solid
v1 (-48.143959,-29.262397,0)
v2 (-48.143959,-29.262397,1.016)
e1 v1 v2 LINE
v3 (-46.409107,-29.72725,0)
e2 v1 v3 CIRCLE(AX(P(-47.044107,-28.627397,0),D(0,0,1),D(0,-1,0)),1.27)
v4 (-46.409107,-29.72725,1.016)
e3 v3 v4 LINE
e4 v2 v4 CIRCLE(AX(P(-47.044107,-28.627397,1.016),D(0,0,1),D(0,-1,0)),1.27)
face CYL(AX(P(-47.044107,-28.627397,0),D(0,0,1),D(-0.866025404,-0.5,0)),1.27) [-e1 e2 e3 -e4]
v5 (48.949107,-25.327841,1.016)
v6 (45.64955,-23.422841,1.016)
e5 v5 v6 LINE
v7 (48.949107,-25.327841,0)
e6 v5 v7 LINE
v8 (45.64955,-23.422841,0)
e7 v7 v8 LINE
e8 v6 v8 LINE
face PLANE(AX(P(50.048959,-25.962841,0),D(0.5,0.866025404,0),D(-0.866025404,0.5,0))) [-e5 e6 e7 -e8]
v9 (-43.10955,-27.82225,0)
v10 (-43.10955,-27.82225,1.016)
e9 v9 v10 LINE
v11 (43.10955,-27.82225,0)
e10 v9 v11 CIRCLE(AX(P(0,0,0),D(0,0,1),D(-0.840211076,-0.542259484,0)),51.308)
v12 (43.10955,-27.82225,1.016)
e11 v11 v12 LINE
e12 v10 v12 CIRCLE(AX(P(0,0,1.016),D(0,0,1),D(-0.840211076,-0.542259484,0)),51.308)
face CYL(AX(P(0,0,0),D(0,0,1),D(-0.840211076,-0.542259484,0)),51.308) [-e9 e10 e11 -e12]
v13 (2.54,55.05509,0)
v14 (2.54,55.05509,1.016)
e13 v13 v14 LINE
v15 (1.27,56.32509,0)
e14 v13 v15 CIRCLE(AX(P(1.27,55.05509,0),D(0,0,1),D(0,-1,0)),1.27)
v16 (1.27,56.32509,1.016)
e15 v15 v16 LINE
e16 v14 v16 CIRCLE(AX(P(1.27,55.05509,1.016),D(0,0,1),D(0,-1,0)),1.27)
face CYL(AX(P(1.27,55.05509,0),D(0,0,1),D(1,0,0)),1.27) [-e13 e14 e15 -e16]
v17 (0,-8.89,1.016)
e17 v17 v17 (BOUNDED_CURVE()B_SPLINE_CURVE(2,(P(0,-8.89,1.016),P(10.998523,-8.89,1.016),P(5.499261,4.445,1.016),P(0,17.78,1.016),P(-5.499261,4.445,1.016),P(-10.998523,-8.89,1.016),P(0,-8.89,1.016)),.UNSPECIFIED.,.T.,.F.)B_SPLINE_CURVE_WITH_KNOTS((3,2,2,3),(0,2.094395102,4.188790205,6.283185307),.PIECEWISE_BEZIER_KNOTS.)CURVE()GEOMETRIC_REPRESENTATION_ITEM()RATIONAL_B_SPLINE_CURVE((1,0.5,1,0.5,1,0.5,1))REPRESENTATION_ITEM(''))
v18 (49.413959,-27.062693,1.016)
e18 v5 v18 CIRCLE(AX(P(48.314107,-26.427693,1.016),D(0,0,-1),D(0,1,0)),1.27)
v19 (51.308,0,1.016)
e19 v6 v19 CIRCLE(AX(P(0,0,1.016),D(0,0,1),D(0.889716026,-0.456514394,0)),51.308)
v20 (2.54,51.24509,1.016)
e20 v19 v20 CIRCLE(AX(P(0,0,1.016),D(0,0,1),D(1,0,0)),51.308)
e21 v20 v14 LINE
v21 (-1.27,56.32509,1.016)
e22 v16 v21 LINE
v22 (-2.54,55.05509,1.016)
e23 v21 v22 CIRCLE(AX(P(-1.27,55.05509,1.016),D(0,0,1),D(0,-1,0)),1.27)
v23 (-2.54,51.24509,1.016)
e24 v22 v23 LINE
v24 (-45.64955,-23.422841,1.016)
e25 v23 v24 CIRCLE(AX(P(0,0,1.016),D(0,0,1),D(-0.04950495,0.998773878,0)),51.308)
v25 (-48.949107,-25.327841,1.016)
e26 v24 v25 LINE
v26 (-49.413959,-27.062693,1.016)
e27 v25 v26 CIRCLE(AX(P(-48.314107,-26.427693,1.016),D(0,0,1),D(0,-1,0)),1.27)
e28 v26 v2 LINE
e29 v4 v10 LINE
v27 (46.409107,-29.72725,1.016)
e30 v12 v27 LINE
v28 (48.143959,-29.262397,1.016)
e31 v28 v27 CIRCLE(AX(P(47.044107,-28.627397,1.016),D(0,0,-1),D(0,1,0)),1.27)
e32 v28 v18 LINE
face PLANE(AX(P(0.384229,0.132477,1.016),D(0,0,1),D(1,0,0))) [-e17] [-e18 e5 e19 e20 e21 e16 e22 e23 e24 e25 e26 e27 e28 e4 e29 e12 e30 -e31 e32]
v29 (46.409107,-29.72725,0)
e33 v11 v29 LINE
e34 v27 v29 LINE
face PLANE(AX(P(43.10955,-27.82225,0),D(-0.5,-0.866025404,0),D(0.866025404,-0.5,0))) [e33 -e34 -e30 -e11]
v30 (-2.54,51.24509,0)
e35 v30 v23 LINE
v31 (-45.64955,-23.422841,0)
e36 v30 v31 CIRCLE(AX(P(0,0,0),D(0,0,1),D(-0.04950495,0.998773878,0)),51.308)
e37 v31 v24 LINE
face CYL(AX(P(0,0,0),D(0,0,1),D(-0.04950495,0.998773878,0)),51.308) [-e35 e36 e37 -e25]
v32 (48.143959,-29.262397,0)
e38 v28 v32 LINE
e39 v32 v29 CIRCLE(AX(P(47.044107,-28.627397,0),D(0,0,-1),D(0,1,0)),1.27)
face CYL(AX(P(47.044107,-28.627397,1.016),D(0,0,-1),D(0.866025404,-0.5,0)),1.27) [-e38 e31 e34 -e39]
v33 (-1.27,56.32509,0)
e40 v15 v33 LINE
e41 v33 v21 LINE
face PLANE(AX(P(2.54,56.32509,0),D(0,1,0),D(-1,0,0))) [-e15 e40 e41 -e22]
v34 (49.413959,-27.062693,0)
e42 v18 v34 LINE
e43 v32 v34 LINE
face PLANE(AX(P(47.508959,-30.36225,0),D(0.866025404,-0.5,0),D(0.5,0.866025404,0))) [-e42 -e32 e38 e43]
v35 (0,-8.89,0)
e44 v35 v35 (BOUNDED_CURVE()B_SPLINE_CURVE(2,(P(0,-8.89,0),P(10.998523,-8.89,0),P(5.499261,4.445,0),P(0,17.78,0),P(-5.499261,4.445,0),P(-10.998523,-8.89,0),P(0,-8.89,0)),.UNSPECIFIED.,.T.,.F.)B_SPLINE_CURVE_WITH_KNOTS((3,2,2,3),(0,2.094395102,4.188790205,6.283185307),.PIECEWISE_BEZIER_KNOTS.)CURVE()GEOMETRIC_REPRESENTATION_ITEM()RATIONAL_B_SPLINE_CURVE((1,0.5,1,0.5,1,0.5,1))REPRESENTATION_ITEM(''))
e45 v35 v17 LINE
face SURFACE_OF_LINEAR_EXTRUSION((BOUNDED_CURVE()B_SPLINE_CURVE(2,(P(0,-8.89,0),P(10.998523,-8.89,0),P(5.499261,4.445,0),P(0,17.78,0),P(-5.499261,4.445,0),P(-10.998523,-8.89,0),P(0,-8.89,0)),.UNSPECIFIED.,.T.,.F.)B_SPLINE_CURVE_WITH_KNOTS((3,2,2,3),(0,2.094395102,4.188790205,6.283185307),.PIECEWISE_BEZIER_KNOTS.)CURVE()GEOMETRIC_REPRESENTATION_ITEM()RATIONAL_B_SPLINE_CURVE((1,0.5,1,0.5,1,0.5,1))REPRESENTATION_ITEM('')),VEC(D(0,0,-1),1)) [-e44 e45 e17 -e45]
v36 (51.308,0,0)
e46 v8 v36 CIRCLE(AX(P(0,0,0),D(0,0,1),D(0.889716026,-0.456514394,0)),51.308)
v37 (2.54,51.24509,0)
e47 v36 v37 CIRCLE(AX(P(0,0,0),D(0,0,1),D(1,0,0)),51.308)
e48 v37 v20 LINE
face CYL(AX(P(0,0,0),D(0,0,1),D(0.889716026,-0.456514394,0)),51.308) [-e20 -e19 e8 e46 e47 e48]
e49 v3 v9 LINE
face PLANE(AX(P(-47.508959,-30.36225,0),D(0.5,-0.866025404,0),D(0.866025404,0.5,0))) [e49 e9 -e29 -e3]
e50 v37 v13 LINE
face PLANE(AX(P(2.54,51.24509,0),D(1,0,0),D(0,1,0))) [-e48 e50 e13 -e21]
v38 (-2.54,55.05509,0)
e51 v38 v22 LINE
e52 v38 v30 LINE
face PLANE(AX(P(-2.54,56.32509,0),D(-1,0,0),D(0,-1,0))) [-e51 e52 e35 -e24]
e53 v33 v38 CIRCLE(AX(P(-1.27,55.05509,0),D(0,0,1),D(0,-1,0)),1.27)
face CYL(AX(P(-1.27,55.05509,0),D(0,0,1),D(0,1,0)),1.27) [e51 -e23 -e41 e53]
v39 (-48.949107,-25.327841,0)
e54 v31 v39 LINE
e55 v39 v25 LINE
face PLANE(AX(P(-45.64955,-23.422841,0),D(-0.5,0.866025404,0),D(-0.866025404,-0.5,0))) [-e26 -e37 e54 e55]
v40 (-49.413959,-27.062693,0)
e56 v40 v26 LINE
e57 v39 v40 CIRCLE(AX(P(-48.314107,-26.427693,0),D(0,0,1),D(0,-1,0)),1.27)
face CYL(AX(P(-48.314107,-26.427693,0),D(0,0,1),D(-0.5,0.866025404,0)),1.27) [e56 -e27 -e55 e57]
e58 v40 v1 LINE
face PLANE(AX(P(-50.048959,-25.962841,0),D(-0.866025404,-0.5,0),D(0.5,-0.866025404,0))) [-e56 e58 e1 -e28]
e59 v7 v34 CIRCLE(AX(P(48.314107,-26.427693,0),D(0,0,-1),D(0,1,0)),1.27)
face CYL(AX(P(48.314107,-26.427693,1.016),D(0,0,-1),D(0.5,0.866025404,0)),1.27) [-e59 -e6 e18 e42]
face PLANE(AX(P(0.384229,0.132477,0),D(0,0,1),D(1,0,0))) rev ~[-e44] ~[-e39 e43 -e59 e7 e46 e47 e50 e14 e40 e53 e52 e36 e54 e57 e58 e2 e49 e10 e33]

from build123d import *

# Parameters (mm, degrees)
F1_DEPTH = 1.016
F2_DEPTH = 1.0170001
F3_R     = 1.27


with BuildPart() as f1:
    # F0 (on Top) → F1 (new body, symmetric)
    with BuildSketch(Plane.XY):
        with BuildLine():
            ThreePointArc((45.6495498851, -23.422840547), (49.8733293931, -12.0483143738), (51.308, 0))
            ThreePointArc((51.308, 0), (37.1674130388, 35.370811017), (2.54, 51.2450901453))
            Line((2.54, 51.2450901453), (-2.54, 51.2450901453))
            ThreePointArc((-2.54, 51.2450901453), (-44.4340314174, 25.654), (-45.6495498851, -23.422840547))
            Line((-45.6495498851, -23.422840547), (-43.1095498851, -27.8222495983))
            ThreePointArc((-43.1095498851, -27.8222495983), (0, -51.308), (43.1095498851, -27.8222495983))
            Line((43.1095498851, -27.8222495983), (45.6495498851, -23.422840547))
        make_face()
        with BuildLine():
            add(Edge.make_bspline(
                [(0, -8.89), (10.9985226281, -8.89), (5.499261314, 4.445), (0, 17.78), (-5.499261314, 4.445), (-10.9985226281, -8.89), (0, -8.89)],
                knots=[0, 0, 0, 2.0943951024, 2.0943951024, 4.1887902048, 4.1887902048, 6.2831853072, 6.2831853072, 6.2831853072], degree=2, weights=[1, 0.5, 1, 0.5, 1, 0.5, 1]))
        make_face(mode=Mode.SUBTRACT)
        with BuildLine():
            Line((-2.54, 51.2450901453), (2.54, 51.2450901453))
            ThreePointArc((2.54, 51.2450901453), (0, 51.308), (-2.54, 51.2450901453))
        make_face()
        with BuildLine():
            ThreePointArc((-2.54, 51.2450901453), (0, 51.308), (2.54, 51.2450901453))
            Line((2.54, 51.2450901453), (2.54, 56.3250901453))
            Line((2.54, 56.3250901453), (-2.54, 56.3250901453))
            Line((-2.54, 56.3250901453), (-2.54, 51.2450901453))
        make_face()
        with BuildLine():
            Line((50.0489589363, -25.962840547), (45.6495498851, -23.422840547))
            ThreePointArc((45.6495498851, -23.422840547), (44.4340314174, -25.654), (43.1095498851, -27.8222495983))
            Line((43.1095498851, -27.8222495983), (47.5089589363, -30.3622495983))
            Line((47.5089589363, -30.3622495983), (50.0489589363, -25.962840547))
        make_face()
        with BuildLine():
            ThreePointArc((43.1095498851, -27.8222495983), (44.4340314174, -25.654), (45.6495498851, -23.422840547))
            Line((45.6495498851, -23.422840547), (43.1095498851, -27.8222495983))
        make_face()
        with BuildLine():
            Line((-43.1095498851, -27.8222495983), (-45.6495498851, -23.422840547))
            ThreePointArc((-45.6495498851, -23.422840547), (-44.4340314174, -25.654), (-43.1095498851, -27.8222495983))
        make_face()
        with BuildLine():
            ThreePointArc((-43.1095498851, -27.8222495983), (-44.4340314174, -25.654), (-45.6495498851, -23.422840547))
            Line((-45.6495498851, -23.422840547), (-50.0489589363, -25.962840547))
            Line((-50.0489589363, -25.962840547), (-47.5089589363, -30.3622495983))
            Line((-47.5089589363, -30.3622495983), (-43.1095498851, -27.8222495983))
        make_face()
    extrude(amount=F1_DEPTH, both=True)

    # F0 (on Top) → F2 (cut, through all)
    with BuildSketch(Plane.XY):
        with BuildLine():
            ThreePointArc((45.6495498851, -23.422840547), (49.8733293931, -12.0483143738), (51.308, 0))
            ThreePointArc((51.308, 0), (37.1674130388, 35.370811017), (2.54, 51.2450901453))
            Line((2.54, 51.2450901453), (-2.54, 51.2450901453))
            ThreePointArc((-2.54, 51.2450901453), (-44.4340314174, 25.654), (-45.6495498851, -23.422840547))
            Line((-45.6495498851, -23.422840547), (-43.1095498851, -27.8222495983))
            ThreePointArc((-43.1095498851, -27.8222495983), (0, -51.308), (43.1095498851, -27.8222495983))
            Line((43.1095498851, -27.8222495983), (45.6495498851, -23.422840547))
        make_face()
        with BuildLine():
            add(Edge.make_bspline(
                [(0, -8.89), (10.9985226281, -8.89), (5.499261314, 4.445), (0, 17.78), (-5.499261314, 4.445), (-10.9985226281, -8.89), (0, -8.89)],
                knots=[0, 0, 0, 2.0943951024, 2.0943951024, 4.1887902048, 4.1887902048, 6.2831853072, 6.2831853072, 6.2831853072], degree=2, weights=[1, 0.5, 1, 0.5, 1, 0.5, 1]))
        make_face(mode=Mode.SUBTRACT)
        with BuildLine():
            Line((-2.54, 51.2450901453), (2.54, 51.2450901453))
            ThreePointArc((2.54, 51.2450901453), (0, 51.308), (-2.54, 51.2450901453))
        make_face()
        with BuildLine():
            ThreePointArc((-2.54, 51.2450901453), (0, 51.308), (2.54, 51.2450901453))
            Line((2.54, 51.2450901453), (2.54, 56.3250901453))
            Line((2.54, 56.3250901453), (-2.54, 56.3250901453))
            Line((-2.54, 56.3250901453), (-2.54, 51.2450901453))
        make_face()
        with BuildLine():
            Line((50.0489589363, -25.962840547), (45.6495498851, -23.422840547))
            ThreePointArc((45.6495498851, -23.422840547), (44.4340314174, -25.654), (43.1095498851, -27.8222495983))
            Line((43.1095498851, -27.8222495983), (47.5089589363, -30.3622495983))
            Line((47.5089589363, -30.3622495983), (50.0489589363, -25.962840547))
        make_face()
        with BuildLine():
            ThreePointArc((43.1095498851, -27.8222495983), (44.4340314174, -25.654), (45.6495498851, -23.422840547))
            Line((45.6495498851, -23.422840547), (43.1095498851, -27.8222495983))
        make_face()
        with BuildLine():
            Line((-43.1095498851, -27.8222495983), (-45.6495498851, -23.422840547))
            ThreePointArc((-45.6495498851, -23.422840547), (-44.4340314174, -25.654), (-43.1095498851, -27.8222495983))
        make_face()
        with BuildLine():
            ThreePointArc((-43.1095498851, -27.8222495983), (-44.4340314174, -25.654), (-45.6495498851, -23.422840547))
            Line((-45.6495498851, -23.422840547), (-50.0489589363, -25.962840547))
            Line((-50.0489589363, -25.962840547), (-47.5089589363, -30.3622495983))
            Line((-47.5089589363, -30.3622495983), (-43.1095498851, -27.8222495983))
        make_face()
    extrude(amount=-F2_DEPTH, mode=Mode.SUBTRACT)

    # F3
    f3_edges = [f1.edges().sort_by_distance(p)[0] for p in [
        (-50.048959, -25.962841, 0.508),
        (-47.508959, -30.36225, 0.508),
        (2.54, 56.32509, 0.508),
        (-2.54, 56.32509, 0.508),
        (50.048959, -25.962841, 0.508),
        (47.508959, -30.36225, 0.508),
    ]]
    fillet(f3_edges, radius=F3_R)


solid = f1.part
